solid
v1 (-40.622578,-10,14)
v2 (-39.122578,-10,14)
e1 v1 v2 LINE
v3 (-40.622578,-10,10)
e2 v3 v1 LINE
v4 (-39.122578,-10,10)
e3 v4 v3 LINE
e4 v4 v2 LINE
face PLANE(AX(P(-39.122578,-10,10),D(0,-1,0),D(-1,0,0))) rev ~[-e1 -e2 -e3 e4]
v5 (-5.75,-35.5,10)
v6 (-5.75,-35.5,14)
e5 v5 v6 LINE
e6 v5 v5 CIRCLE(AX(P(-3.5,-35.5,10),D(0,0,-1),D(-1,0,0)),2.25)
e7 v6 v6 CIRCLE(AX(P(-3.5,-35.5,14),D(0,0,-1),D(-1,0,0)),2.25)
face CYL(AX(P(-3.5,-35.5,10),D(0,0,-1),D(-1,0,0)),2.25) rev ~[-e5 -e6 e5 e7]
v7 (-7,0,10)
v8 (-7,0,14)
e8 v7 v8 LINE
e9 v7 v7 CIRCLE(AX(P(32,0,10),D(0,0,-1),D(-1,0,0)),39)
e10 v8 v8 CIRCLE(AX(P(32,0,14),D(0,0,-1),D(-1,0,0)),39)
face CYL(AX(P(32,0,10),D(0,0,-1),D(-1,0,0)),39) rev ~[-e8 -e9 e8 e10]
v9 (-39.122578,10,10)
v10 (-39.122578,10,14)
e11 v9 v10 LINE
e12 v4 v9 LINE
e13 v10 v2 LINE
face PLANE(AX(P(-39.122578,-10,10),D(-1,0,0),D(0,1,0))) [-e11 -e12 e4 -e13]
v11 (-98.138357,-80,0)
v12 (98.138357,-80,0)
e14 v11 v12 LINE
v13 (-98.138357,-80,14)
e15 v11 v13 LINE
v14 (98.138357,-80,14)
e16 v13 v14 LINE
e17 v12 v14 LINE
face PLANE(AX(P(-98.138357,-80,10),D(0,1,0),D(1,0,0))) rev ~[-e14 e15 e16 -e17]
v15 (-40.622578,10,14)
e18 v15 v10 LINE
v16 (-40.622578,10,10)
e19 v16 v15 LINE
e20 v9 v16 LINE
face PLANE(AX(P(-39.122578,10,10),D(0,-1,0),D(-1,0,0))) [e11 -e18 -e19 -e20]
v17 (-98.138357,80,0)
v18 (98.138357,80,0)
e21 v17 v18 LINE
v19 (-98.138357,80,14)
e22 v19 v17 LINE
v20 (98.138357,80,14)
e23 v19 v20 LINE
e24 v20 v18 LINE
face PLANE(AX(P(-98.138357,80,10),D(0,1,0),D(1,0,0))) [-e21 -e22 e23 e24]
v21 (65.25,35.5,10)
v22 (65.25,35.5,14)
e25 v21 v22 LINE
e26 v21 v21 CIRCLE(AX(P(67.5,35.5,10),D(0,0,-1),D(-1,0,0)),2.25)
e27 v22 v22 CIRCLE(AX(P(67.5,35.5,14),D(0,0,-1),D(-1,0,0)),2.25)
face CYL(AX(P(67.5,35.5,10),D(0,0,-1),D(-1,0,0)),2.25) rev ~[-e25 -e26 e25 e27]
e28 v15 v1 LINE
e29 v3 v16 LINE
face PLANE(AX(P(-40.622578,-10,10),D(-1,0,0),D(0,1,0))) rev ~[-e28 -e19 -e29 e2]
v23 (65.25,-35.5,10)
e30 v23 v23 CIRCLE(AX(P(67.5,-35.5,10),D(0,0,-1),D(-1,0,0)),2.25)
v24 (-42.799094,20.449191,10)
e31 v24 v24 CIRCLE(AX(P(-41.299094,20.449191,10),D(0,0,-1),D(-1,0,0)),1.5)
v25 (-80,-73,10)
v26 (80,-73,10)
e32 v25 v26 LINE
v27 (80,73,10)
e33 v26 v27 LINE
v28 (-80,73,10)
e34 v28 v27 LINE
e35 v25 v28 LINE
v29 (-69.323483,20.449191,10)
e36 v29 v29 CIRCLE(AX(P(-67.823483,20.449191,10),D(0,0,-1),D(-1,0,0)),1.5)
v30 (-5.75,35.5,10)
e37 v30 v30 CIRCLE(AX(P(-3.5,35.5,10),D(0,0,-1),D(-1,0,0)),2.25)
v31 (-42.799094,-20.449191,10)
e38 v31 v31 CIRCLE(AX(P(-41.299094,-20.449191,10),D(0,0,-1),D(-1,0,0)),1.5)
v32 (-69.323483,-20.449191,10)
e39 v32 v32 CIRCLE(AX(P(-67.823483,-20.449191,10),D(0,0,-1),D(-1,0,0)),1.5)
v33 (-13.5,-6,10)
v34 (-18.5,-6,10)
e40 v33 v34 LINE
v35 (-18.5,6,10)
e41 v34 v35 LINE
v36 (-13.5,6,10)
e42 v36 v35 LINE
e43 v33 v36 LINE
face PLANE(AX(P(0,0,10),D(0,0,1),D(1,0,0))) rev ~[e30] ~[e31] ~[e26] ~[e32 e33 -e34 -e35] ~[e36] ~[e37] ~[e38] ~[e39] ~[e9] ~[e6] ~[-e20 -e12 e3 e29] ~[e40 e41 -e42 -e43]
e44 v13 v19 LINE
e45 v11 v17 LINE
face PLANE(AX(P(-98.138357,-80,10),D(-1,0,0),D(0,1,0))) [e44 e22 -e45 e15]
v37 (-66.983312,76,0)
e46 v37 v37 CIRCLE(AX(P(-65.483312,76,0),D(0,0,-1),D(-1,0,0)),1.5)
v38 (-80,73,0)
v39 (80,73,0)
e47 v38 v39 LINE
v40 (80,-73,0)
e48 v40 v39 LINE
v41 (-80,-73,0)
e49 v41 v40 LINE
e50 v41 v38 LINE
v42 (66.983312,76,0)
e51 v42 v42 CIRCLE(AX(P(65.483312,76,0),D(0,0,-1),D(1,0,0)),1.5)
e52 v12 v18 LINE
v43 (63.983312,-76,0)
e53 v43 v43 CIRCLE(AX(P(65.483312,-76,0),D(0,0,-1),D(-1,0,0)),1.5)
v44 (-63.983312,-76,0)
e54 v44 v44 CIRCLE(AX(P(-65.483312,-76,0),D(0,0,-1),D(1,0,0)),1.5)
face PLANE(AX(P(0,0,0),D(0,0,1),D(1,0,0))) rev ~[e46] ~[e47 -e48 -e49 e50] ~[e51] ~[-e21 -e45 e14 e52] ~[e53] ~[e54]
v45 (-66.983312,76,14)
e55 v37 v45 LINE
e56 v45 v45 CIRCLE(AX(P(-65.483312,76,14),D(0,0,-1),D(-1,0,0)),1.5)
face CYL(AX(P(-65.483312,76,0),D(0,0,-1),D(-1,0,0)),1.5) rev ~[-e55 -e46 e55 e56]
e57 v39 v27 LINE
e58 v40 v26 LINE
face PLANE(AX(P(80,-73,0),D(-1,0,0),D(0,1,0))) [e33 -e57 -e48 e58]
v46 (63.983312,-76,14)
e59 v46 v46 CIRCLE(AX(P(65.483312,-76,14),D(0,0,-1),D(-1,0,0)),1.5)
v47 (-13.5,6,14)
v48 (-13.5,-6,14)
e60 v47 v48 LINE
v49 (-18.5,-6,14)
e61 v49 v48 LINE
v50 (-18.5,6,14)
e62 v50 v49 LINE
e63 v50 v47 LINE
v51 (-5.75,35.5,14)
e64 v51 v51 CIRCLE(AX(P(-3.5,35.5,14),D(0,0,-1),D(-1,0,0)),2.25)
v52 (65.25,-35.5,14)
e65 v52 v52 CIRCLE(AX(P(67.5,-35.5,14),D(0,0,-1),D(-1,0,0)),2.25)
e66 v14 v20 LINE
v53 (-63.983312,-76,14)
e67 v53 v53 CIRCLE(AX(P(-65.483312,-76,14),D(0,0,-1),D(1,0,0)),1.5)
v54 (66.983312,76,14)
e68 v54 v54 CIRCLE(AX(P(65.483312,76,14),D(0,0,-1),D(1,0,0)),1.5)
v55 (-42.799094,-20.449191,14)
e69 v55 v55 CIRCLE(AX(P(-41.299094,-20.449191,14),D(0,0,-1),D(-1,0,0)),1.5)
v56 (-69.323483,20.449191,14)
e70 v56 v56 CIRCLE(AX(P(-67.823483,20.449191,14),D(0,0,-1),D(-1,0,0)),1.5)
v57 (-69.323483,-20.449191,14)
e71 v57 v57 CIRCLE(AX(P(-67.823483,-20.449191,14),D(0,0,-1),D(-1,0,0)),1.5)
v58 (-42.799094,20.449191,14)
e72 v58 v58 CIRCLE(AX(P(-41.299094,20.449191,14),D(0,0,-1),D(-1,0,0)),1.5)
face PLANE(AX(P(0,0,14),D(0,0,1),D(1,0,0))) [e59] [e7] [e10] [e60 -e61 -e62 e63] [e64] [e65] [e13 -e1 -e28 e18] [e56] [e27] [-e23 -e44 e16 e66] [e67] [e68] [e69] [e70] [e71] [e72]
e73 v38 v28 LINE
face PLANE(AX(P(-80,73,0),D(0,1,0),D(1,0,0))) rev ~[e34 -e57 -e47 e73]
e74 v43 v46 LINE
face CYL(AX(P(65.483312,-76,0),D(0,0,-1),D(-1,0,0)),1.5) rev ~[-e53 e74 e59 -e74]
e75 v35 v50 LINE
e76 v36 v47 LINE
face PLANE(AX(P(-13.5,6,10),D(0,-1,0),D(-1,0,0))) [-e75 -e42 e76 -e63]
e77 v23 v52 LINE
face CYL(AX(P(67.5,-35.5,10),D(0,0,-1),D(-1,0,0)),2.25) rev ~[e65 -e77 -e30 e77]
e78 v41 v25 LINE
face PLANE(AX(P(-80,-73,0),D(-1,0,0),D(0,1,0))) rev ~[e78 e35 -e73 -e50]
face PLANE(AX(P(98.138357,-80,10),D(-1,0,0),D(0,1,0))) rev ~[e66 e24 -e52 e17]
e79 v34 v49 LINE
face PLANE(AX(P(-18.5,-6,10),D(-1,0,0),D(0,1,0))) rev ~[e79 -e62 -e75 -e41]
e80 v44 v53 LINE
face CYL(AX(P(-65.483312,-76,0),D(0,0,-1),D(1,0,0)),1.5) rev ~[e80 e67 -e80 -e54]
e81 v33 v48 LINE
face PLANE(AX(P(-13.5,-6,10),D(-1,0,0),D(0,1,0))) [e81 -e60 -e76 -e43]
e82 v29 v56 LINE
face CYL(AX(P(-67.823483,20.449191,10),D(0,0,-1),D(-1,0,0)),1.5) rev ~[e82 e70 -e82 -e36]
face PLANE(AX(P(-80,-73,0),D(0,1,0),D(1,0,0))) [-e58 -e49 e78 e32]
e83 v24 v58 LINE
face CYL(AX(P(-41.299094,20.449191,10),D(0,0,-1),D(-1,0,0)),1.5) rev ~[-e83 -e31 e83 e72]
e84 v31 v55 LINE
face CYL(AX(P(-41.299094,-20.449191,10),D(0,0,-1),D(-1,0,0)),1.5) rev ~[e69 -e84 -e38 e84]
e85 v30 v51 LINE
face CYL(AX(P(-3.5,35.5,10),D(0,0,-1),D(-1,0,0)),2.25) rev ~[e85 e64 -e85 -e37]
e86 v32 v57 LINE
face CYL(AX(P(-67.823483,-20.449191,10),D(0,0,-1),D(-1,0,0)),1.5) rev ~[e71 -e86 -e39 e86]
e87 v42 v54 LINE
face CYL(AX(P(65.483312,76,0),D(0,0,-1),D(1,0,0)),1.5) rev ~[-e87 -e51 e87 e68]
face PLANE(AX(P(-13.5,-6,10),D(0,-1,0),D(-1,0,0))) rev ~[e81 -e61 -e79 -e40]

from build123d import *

# Parameters (mm, degrees)
SCHIZZO1_W                   = 196.27671429
SCHIZZO1_H                   = 160
SCHIZZO1_W_2                 = 160
SCHIZZO1_H_2                 = 146
ESTRUSIONE_ESTRUSIONE1_DEPTH = 10
SCHIZZO2_W                   = 196.27671429
SCHIZZO2_H                   = 160
ESTRUSIONE_ESTRUSIONE2_DEPTH = 4
SCHIZZO3_R                   = 1.5
TAGLIO_ESTRUSIONE1_DEPTH     = 93
SCHIZZO4_R                   = 39
SCHIZZO4_R_2                 = 2.25
SCHIZZO4_R_3                 = 1.5
SCHIZZO4_W                   = 5
SCHIZZO4_H                   = 12
SCHIZZO4_W_2                 = 1.5
SCHIZZO4_H_2                 = 20
TAGLIO_ESTRUSIONE2_DEPTH     = 90


with BuildPart() as part:
    # Schizzo1 → Estrusione-Estrusione1 (new body)
    with BuildSketch(Plane.XY):
        Rectangle(SCHIZZO1_W, SCHIZZO1_H)
        Rectangle(SCHIZZO1_W_2, SCHIZZO1_H_2, mode=Mode.SUBTRACT)
    extrude(amount=ESTRUSIONE_ESTRUSIONE1_DEPTH)

    # Schizzo2 → Estrusione-Estrusione2 (add)
    with BuildSketch(Plane.XY.offset(10)):
        Rectangle(SCHIZZO2_W, SCHIZZO2_H)
    extrude(amount=ESTRUSIONE_ESTRUSIONE2_DEPTH)

    # Schizzo3 → Taglio-Estrusione1 (cut)
    with BuildSketch(Plane(origin=(0, 0, 0), x_dir=(-1, 0, 0), z_dir=(0, 0, -1))):
        with Locations((65.48331215, 76)):
            Circle(SCHIZZO3_R)
        with Locations(Location((-65.48331215, 76, 0), (0, 0, 180))):
            Circle(SCHIZZO3_R)
        with Locations((-65.48331215, -76)):
            Circle(SCHIZZO3_R)
        with Locations(Location((65.48331215, -76, 0), (0, 0, 180))):
            Circle(SCHIZZO3_R)
    extrude(amount=-TAGLIO_ESTRUSIONE1_DEPTH, mode=Mode.SUBTRACT)

    # Schizzo4 → Taglio-Estrusione2 (cut)
    with BuildSketch(Plane(origin=(0, 0, 10), x_dir=(-1, 0, 0), z_dir=(0, 0, -1))):
        with Locations((-32, 0)):
            Circle(SCHIZZO4_R)
        with Locations((3.499999997, 35.499999997)):
            Circle(SCHIZZO4_R_2)
        with Locations((3.499999997, -35.499999997)):
            Circle(SCHIZZO4_R_2)
        with Locations((-67.499999997, 35.499999997)):
            Circle(SCHIZZO4_R_2)
        with Locations((-67.499999997, -35.499999997)):
            Circle(SCHIZZO4_R_2)
        with Locations((41.299094201, 20.449190864)):
            Circle(SCHIZZO4_R_3)
        with Locations((41.299094201, -20.449190864)):
            Circle(SCHIZZO4_R_3)
        with Locations((67.823483409, -20.449190864)):
            Circle(SCHIZZO4_R_3)
        with Locations((67.823483409, 20.449190864)):
            Circle(SCHIZZO4_R_3)
        with Locations((16, 0)):
            Rectangle(SCHIZZO4_W, SCHIZZO4_H)
        with Locations((39.87257761, 0)):
            Rectangle(SCHIZZO4_W_2, SCHIZZO4_H_2)
    extrude(amount=-TAGLIO_ESTRUSIONE2_DEPTH, mode=Mode.SUBTRACT)


solid = part.part
